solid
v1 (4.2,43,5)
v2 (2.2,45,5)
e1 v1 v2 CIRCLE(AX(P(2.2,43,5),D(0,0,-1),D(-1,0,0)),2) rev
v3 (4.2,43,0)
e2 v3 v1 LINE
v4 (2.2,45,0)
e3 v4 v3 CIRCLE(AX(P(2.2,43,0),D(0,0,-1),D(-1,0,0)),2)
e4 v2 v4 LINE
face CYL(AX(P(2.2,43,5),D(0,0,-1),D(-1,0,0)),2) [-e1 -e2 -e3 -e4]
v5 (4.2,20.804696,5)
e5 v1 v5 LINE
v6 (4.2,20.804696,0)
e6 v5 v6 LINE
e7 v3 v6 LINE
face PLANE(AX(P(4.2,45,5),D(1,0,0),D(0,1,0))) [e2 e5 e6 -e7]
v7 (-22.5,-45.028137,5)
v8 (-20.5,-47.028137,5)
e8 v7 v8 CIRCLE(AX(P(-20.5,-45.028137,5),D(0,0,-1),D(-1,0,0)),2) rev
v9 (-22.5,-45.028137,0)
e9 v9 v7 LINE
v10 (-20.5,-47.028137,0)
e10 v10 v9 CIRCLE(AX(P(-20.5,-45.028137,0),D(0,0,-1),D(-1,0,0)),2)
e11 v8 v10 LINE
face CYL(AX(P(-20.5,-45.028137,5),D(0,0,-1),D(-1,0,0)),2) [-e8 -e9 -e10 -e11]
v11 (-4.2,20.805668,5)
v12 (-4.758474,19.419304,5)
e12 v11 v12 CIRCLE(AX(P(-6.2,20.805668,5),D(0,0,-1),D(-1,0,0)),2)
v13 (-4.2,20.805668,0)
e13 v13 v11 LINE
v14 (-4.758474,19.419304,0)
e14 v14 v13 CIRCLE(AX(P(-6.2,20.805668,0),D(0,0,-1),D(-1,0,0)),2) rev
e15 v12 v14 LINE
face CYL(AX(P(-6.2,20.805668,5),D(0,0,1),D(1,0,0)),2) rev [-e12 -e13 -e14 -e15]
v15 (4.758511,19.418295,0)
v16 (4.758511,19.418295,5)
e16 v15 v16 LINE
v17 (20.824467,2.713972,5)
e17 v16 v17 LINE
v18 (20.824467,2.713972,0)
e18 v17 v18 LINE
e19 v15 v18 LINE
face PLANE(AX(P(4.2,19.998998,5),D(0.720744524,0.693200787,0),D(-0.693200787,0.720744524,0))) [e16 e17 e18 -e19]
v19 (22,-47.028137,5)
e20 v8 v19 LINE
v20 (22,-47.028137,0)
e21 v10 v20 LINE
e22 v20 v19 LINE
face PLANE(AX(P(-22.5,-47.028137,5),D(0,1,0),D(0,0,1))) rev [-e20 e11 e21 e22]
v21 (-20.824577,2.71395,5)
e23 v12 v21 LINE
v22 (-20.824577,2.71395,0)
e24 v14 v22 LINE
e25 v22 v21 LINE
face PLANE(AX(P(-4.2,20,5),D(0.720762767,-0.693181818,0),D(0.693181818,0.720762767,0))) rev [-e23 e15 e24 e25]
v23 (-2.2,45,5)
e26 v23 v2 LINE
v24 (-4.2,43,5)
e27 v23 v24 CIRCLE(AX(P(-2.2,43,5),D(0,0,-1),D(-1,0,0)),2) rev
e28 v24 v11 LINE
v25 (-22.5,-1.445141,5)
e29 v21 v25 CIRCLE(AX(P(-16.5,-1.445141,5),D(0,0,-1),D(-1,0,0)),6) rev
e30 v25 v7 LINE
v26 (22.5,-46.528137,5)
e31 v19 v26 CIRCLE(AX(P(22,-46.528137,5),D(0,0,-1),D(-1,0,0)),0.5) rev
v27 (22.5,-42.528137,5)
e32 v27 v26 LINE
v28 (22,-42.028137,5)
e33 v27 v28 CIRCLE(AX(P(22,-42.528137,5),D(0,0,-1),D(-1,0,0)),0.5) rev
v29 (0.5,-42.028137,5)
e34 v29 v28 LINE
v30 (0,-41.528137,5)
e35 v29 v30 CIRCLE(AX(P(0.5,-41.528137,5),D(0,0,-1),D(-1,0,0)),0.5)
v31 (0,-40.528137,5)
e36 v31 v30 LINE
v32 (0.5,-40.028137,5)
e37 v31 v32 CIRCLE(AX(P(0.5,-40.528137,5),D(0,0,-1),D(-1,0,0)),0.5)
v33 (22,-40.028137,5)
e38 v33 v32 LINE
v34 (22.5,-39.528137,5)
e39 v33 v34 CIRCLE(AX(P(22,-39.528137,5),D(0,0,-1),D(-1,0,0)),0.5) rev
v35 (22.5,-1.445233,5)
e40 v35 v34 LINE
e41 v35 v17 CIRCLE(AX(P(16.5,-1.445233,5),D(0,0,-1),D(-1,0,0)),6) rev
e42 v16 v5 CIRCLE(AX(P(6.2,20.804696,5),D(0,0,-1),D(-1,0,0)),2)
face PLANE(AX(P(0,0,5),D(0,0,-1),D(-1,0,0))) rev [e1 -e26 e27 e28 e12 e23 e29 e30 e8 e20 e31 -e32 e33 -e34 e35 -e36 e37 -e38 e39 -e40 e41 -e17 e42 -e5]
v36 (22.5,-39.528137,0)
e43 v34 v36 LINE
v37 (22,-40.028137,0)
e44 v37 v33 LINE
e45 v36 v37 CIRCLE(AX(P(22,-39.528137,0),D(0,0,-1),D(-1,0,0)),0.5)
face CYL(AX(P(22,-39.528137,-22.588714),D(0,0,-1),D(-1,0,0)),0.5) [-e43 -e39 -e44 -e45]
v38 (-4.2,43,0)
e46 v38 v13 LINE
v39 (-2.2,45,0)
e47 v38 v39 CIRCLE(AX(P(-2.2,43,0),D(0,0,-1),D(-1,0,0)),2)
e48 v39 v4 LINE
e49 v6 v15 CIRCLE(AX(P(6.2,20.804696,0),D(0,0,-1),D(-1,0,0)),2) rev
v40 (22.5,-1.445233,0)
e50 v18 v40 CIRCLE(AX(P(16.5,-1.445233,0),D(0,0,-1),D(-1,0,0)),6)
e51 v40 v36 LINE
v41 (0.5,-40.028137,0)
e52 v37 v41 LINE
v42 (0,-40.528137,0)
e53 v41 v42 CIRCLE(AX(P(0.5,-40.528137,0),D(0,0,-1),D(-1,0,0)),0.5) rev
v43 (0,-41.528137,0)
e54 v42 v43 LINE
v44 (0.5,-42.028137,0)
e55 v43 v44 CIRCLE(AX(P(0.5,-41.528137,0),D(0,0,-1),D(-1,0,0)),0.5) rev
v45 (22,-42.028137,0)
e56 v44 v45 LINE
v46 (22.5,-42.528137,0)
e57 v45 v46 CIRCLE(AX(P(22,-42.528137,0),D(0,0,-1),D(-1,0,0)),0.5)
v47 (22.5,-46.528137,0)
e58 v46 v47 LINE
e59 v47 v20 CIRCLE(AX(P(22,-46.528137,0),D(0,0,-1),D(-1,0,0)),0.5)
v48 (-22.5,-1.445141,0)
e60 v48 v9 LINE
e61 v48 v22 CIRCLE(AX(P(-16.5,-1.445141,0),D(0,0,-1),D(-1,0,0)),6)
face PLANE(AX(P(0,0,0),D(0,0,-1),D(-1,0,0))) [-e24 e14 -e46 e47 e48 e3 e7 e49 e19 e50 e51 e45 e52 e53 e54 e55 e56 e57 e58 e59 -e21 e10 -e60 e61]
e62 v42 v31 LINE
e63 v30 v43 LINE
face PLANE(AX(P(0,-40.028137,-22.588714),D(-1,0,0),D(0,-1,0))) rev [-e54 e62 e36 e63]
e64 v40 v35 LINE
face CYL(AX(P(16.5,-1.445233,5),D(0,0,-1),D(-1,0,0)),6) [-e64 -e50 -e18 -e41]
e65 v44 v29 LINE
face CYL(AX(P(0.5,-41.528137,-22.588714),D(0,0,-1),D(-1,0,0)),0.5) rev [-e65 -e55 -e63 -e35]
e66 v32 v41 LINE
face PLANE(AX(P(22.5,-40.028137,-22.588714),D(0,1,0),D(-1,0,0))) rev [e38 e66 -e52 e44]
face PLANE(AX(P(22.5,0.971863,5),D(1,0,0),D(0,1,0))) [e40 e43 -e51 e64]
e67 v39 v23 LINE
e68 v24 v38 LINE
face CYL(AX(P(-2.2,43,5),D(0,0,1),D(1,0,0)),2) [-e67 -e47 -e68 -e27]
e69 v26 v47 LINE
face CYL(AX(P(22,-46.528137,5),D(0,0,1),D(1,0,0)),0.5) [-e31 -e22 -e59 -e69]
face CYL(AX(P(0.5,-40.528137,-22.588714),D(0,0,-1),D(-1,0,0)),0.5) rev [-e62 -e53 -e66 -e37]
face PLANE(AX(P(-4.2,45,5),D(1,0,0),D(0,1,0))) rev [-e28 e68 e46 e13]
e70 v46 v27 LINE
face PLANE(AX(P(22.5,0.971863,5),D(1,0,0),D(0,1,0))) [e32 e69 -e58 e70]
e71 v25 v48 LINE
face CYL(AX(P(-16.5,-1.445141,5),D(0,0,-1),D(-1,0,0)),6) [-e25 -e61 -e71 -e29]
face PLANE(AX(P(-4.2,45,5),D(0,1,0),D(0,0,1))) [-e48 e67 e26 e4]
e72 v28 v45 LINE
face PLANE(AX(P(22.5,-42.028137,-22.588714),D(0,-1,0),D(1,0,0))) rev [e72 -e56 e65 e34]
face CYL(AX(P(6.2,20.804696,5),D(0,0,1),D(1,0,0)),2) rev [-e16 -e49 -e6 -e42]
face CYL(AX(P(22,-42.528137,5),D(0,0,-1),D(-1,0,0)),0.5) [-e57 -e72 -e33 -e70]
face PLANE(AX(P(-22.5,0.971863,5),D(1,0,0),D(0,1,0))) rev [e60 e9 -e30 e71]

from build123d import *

# Parameters (mm, degrees)
SALIENTE_EXTRUIR1_DEPTH = 5
CROQUIS3_W              = 22.5
CROQUIS3_H              = 2
CORTAR_EXTRUIR2_DEPTH   = 5
REDONDEO1_R             = 2
REDONDEO2_R             = 6
REDONDEO3_R             = 0.5


with BuildPart() as part:
    # Croquis1 → Saliente-Extruir1 (new body)
    with BuildSketch(Plane.XY):
        Polygon((-4.2, 20), (-22.5, 0.971862939), (-22.5, -47.028137061), (22.5, -47.028137061), (22.5, 0.971862939), (4.2, 19.998997675), (4.2, 45), (-4.2, 45), align=None)
    extrude(amount=SALIENTE_EXTRUIR1_DEPTH)

    # Croquis3 → Cortar-Extruir2 (cut)
    with BuildSketch(Plane.XY.offset(5)):
        with Locations((11.25, -41.028137061)):
            Rectangle(CROQUIS3_W, CROQUIS3_H)
    extrude(amount=-CORTAR_EXTRUIR2_DEPTH, mode=Mode.SUBTRACT)

    # Redondeo1
    redondeo1_edges = [part.edges().sort_by_distance(p)[0] for p in [
        (-4.2, 45, 2.5),
        (-4.2, 20, 2.5),
        (-22.5, -47.028137061, 2.5),
        (4.2, 19.998997675, 2.5),
        (4.2, 45, 2.5),
    ]]
    fillet(redondeo1_edges, radius=REDONDEO1_R)

    # Redondeo2
    redondeo2_edges = [part.edges().sort_by_distance(p)[0] for p in [
        (-22.5, 0.971862939, 2.5),
        (22.5, 0.971862939, 2.5),
    ]]
    fillet(redondeo2_edges, radius=REDONDEO2_R)

    # Redondeo3
    redondeo3_edges = [part.edges().sort_by_distance(p)[0] for p in [
        (22.5, -47.028137061, 2.5),
        (0, -40.028137061, 2.5),
        (0, -42.028137061, 2.5),
        (22.5, -42.028137061, 2.5),
        (22.5, -40.028137061, 2.5),
    ]]
    fillet(redondeo3_edges, radius=REDONDEO3_R)


solid = part.part
